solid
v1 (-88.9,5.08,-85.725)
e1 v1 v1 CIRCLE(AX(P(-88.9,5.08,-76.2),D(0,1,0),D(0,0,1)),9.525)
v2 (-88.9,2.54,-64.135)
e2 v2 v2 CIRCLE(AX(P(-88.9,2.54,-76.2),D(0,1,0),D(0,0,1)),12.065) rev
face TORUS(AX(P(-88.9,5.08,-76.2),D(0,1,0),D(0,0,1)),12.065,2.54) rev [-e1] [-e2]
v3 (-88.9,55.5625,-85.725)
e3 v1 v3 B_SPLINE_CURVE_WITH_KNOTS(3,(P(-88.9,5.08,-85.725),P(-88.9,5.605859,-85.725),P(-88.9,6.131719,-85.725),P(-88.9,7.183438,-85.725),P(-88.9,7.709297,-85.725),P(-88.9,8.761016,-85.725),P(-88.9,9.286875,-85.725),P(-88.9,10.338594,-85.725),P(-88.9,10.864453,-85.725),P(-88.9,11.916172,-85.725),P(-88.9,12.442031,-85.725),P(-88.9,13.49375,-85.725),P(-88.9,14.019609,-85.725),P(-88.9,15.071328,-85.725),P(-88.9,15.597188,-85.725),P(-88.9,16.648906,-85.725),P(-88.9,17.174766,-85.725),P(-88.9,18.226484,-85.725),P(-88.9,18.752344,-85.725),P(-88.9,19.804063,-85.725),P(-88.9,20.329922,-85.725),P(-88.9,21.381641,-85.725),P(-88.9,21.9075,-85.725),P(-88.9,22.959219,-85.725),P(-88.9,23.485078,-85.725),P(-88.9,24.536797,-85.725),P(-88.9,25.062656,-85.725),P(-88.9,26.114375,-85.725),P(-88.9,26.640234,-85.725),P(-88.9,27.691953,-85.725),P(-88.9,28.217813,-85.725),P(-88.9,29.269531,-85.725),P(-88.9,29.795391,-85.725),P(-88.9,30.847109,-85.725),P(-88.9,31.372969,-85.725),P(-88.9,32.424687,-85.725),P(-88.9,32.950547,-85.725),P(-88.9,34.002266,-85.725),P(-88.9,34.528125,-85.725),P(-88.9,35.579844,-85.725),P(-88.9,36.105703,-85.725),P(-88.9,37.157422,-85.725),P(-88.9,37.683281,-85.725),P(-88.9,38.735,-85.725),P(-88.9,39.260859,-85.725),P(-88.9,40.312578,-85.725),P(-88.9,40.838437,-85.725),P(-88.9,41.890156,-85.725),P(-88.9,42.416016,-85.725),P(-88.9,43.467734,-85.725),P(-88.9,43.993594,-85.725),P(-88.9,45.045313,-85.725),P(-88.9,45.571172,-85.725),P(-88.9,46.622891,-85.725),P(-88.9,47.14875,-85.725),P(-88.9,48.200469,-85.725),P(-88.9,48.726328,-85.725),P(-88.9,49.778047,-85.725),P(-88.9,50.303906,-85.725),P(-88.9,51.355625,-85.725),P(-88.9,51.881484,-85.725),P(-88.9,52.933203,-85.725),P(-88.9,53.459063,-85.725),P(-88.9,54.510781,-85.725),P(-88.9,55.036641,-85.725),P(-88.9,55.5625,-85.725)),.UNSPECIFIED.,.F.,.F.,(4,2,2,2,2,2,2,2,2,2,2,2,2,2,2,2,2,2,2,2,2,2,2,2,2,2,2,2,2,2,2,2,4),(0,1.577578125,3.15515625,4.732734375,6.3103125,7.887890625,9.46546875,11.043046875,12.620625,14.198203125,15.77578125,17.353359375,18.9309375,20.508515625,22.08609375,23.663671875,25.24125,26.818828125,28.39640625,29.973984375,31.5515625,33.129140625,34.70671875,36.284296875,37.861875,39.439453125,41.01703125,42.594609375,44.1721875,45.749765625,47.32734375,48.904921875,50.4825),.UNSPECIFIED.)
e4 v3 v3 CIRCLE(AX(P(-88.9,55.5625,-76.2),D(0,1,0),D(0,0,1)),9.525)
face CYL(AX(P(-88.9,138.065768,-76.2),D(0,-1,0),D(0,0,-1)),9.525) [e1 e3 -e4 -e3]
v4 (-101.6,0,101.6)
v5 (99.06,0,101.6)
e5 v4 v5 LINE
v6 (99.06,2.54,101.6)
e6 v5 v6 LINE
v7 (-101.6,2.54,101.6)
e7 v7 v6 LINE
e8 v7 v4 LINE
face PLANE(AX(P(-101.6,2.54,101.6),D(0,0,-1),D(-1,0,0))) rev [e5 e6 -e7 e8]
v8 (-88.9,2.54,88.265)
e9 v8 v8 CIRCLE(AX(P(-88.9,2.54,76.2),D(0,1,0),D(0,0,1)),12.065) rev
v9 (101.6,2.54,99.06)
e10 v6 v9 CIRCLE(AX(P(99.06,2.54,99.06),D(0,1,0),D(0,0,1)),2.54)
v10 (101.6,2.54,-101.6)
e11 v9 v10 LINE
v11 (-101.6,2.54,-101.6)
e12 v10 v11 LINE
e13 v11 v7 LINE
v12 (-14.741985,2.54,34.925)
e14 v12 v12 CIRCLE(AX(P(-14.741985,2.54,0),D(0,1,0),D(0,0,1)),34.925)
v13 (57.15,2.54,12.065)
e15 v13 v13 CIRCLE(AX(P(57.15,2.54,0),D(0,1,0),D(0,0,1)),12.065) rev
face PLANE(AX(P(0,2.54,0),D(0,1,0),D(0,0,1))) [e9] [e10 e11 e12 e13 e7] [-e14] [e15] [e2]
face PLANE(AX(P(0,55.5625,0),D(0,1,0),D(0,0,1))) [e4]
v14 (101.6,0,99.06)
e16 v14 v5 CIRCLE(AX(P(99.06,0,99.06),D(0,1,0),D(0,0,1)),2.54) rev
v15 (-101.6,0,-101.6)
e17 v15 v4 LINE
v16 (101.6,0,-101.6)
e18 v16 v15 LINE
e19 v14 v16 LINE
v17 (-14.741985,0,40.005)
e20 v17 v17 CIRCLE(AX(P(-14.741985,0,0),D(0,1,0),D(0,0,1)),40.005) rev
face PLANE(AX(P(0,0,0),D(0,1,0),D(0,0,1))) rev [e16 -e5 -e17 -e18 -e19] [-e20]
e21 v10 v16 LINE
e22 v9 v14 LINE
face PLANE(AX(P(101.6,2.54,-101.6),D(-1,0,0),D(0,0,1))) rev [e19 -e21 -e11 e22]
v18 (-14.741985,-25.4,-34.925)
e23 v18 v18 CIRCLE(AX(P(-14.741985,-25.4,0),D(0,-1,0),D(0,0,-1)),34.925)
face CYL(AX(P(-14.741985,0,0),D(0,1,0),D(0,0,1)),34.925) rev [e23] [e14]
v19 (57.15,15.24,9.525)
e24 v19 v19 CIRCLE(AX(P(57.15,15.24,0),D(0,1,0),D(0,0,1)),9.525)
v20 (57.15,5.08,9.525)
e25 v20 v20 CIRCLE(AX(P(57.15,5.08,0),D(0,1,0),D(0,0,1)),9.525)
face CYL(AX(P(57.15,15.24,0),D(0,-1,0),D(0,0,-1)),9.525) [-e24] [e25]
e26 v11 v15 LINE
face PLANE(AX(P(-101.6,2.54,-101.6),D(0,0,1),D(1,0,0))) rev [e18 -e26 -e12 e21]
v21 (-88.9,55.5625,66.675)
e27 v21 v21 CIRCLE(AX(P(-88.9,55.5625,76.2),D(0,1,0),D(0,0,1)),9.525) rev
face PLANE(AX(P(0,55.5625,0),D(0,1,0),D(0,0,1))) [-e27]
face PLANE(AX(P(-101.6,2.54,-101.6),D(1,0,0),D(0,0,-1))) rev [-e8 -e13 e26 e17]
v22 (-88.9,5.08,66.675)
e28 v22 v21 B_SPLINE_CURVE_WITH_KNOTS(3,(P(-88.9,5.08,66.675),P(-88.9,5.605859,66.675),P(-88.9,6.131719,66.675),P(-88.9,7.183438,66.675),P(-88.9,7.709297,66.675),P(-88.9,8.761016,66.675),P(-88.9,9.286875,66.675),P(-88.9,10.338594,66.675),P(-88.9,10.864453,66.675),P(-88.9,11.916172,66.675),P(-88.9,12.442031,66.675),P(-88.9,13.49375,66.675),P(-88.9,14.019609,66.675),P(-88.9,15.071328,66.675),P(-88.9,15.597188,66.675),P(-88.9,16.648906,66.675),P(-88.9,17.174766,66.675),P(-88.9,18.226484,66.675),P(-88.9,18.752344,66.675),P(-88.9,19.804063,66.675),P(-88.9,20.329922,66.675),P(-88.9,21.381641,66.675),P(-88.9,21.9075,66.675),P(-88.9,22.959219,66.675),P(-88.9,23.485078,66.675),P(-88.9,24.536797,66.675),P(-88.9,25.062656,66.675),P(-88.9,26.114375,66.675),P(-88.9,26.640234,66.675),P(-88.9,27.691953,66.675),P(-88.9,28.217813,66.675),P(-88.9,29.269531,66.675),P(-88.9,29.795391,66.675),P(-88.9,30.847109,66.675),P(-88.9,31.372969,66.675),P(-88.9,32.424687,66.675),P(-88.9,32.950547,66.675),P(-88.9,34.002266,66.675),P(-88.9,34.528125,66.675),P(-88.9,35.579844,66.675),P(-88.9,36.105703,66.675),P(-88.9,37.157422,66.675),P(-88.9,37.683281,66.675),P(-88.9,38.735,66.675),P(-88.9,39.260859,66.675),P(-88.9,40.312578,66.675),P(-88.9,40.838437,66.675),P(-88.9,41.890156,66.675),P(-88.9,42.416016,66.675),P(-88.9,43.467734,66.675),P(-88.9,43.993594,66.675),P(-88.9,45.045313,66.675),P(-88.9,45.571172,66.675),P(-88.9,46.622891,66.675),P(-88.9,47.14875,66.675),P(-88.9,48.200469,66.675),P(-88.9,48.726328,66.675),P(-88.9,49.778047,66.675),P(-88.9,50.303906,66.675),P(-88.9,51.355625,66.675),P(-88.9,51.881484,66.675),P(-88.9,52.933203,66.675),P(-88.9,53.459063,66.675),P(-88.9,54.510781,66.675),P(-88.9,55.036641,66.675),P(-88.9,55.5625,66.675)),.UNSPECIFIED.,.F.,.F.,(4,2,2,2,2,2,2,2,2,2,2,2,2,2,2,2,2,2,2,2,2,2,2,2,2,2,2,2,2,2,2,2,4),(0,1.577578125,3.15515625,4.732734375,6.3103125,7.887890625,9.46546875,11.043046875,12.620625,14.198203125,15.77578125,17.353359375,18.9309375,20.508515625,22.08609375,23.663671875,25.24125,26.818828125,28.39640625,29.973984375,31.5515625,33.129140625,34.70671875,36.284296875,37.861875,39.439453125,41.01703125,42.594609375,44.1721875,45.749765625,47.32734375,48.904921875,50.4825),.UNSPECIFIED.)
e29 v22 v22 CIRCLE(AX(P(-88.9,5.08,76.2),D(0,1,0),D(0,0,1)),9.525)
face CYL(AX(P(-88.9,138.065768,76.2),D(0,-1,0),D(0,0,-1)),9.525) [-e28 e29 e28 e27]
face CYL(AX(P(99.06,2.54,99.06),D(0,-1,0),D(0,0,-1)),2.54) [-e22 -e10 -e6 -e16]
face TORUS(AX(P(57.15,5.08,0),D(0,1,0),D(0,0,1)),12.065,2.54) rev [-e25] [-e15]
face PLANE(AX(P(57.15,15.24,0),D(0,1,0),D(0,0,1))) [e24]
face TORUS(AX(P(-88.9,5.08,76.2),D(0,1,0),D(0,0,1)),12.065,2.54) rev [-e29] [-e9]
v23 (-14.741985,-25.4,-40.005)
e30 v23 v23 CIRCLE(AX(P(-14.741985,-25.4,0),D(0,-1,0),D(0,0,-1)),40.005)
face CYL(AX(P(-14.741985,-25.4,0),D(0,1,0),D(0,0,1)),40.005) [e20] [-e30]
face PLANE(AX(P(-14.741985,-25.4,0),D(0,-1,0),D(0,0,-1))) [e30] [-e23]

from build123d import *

# Parameters (mm, degrees)
SKETCH1_W           = 203.2
SKETCH1_H           = 203.2
BOSS_EXTRUDE1_DEPTH = 2.54
SKETCH3_R           = 9.525
BOSS_EXTRUDE2_DEPTH = 12.7
SKETCH5_R           = 34.925
CUT_EXTRUDE2_DEPTH  = 145.244271983
SKETCH7_R           = 9.525
BOSS_EXTRUDE4_DEPTH = 53.0225
FILLET1_R           = 2.54
SKETCH8_R           = 40.005
SKETCH8_R_2         = 34.925
BOSS_EXTRUDE5_DEPTH = 25.4
FILLET2_R           = 2.54


with BuildPart() as part:
    # Sketch1 → Boss-Extrude1 (new body)
    with BuildSketch(Plane(origin=(0, 0, 0), x_dir=(1, 0, 0), z_dir=(0, 1, 0))):
        Rectangle(SKETCH1_W, SKETCH1_H)
    extrude(amount=BOSS_EXTRUDE1_DEPTH)

    # Sketch3 → Boss-Extrude2 (add)
    with BuildSketch(Plane(origin=(0, 2.54, 0), x_dir=(1, 0, 0), z_dir=(0, 1, 0))):
        with Locations(Location((57.15, 0, 0), (0, 0, 270))):
            Circle(SKETCH3_R)
    extrude(amount=BOSS_EXTRUDE2_DEPTH)

    # Sketch5 → Cut-Extrude2 (cut, through all)
    with BuildSketch(Plane(origin=(0, 2.54, 0), x_dir=(1, 0, 0), z_dir=(0, 1, 0))):
        with Locations(Location((-14.741985059, 0, 0), (0, 0, 270))):
            Circle(SKETCH5_R)
    extrude(amount=-CUT_EXTRUDE2_DEPTH, mode=Mode.SUBTRACT)

    # Sketch7 → Boss-Extrude4 (add)
    with BuildSketch(Plane(origin=(0, 2.54, 0), x_dir=(1, 0, 0), z_dir=(0, 1, 0))):
        with Locations(Location((-88.9, 76.2, 0), (0, 0, 90))):
            Circle(SKETCH7_R)
    boss_extrude4 = extrude(amount=BOSS_EXTRUDE4_DEPTH)

    # Mirror1: Boss-Extrude4 across plane
    add(boss_extrude4.mirror(Plane.XY))

    # Fillet1
    fillet1_edges = [part.edges().sort_by_distance(p)[0] for p in [
        (101.6, 1.27, 101.6),
    ]]
    fillet(fillet1_edges, radius=FILLET1_R)

    # Sketch8 → Boss-Extrude5 (add)
    with BuildSketch(Plane.XZ):
        with Locations(Location((-14.741985059, 0, 0), (0, 0, 90))):
            Circle(SKETCH8_R)
        with Locations(Location((-14.741985059, 0, 0), (0, 0, 90))):
            Circle(SKETCH8_R_2, mode=Mode.SUBTRACT)
    extrude(amount=BOSS_EXTRUDE5_DEPTH)

    # Fillet2
    fillet2_edges = [part.edges().sort_by_distance(p)[0] for p in [
        (57.15, 2.54, -9.525),
        (-88.9, 2.54, -66.675),
        (-88.9, 2.54, 66.675),
    ]]
    fillet(fillet2_edges, radius=FILLET2_R)


solid = part.part
